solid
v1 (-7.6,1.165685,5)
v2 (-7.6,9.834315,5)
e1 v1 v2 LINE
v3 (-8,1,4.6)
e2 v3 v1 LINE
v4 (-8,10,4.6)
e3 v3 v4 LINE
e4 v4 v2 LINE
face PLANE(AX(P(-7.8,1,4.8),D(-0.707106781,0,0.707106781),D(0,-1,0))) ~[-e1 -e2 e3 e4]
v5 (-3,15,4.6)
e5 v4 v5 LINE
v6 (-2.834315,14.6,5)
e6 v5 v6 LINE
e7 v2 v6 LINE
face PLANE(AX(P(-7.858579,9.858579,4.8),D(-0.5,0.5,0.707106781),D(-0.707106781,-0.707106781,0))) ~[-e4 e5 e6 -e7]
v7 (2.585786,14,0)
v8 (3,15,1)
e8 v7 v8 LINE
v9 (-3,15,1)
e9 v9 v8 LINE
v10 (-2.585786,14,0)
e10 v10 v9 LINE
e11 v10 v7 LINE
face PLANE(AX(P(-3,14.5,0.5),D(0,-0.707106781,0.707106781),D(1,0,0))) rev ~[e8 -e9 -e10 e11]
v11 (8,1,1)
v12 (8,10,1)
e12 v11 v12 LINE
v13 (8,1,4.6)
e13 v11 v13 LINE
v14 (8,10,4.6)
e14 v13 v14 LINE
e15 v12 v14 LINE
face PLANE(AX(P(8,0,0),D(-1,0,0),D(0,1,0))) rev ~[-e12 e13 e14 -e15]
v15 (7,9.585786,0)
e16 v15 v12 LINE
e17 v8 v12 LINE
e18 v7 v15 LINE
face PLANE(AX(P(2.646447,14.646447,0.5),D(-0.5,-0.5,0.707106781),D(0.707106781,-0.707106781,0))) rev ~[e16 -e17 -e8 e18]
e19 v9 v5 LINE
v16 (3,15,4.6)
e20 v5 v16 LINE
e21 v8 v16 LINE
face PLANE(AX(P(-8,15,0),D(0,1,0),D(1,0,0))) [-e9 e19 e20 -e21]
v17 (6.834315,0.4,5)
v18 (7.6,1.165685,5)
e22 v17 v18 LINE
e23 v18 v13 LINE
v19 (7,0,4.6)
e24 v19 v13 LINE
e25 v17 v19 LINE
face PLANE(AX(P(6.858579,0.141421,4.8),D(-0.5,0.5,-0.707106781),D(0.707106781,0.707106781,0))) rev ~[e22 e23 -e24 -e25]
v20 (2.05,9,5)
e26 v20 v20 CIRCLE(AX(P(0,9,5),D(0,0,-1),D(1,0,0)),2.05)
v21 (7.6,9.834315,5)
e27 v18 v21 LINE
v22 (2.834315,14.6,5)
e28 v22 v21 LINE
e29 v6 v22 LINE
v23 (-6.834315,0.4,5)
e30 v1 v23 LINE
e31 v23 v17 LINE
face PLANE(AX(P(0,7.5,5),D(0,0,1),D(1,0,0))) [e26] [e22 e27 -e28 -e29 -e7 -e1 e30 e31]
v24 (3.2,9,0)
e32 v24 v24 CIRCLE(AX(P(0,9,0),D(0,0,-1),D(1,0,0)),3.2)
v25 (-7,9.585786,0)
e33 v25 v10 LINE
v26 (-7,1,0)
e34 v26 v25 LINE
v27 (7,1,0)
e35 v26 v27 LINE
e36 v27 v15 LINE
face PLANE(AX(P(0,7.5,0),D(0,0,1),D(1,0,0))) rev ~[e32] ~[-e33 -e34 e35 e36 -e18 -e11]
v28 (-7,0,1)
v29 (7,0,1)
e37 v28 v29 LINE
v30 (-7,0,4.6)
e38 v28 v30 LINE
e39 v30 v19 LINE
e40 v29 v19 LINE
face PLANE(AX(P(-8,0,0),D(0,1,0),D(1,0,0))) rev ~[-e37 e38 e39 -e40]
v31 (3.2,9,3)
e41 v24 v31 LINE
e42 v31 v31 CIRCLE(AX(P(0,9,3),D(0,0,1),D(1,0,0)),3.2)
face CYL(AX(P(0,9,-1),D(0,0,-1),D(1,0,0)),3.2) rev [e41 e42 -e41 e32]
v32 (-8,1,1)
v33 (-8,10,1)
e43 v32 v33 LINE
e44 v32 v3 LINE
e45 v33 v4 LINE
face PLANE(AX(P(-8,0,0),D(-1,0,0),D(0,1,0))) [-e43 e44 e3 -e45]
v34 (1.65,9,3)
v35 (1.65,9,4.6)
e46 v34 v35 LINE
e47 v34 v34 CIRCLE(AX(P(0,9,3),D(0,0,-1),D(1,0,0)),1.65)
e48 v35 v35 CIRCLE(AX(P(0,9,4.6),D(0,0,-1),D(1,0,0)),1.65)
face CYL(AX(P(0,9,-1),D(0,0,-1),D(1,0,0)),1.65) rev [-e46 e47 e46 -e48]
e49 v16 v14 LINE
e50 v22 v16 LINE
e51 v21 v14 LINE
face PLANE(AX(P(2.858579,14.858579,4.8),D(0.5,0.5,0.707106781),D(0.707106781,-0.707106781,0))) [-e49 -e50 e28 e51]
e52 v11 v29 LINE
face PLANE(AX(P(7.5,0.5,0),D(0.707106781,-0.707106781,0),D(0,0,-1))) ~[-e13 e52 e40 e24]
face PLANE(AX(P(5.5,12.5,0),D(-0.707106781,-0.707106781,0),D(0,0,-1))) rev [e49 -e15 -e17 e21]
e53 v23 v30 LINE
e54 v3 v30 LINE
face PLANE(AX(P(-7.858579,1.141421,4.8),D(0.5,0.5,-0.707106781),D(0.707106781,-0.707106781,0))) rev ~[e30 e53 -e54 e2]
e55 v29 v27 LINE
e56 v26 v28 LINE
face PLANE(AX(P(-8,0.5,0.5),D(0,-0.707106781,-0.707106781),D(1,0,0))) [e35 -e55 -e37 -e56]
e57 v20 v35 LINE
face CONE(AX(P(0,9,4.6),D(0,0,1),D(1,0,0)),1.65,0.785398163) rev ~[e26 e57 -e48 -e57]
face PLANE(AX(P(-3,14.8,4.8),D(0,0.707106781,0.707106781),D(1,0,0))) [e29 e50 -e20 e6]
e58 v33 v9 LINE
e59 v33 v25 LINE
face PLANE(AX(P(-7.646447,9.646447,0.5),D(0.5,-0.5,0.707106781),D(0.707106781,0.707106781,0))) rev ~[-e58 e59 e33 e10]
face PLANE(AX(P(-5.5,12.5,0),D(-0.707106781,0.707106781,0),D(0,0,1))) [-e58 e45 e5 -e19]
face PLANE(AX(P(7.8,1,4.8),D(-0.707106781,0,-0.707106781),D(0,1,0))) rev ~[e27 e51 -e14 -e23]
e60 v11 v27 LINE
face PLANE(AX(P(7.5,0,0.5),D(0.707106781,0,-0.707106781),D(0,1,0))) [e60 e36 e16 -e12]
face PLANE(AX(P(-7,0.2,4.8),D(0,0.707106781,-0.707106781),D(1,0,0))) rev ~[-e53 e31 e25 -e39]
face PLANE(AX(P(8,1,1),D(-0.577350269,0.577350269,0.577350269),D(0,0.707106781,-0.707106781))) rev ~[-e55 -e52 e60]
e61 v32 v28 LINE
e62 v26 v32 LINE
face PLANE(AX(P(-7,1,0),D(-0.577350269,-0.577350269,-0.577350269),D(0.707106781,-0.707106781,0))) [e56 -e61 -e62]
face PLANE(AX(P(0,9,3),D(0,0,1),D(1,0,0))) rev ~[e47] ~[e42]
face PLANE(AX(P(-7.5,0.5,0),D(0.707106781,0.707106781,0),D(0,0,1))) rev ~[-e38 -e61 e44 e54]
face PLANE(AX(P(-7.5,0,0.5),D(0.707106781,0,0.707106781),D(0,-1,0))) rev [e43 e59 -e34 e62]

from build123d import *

# Parameters (mm, degrees)
CYLINDER001_R     = 1.65
CYLINDER001_DEPTH = 10
CYLINDER_R        = 3.2
CYLINDER_DEPTH    = 4
BOX001_W          = 16
BOX001_H          = 15
BOX001_DEPTH      = 5
CHAMFER_SIZE      = 5
CHAMFER001_SIZE   = 1
CHAMFER002_SIZE   = 0.4


with BuildPart() as cylinder001:
    # Cylinder001 → Cylinder001 (new body)
    with BuildSketch(Plane(origin=(0, 9, 0), x_dir=(1, 0, 0), z_dir=(0, 0, 1))):
        Circle(CYLINDER001_R)
    extrude(amount=CYLINDER001_DEPTH)


with BuildPart() as fusion:
    # Cylinder → Cylinder (new body)
    with BuildSketch(Plane(origin=(0, 9, 0), x_dir=(1, 0, 0), z_dir=(0, 0, 1))):
        Circle(CYLINDER_R)
    extrude(amount=CYLINDER_DEPTH)

    # Fusion: union Cylinder001
    add(cylinder001.part)


with BuildPart() as fusion_1:
    # Fusion placement: moved
    add(fusion.part.moved(Location((0, 0, -1))))


with BuildPart() as chamfer002:
    # Box001 → Box001 (new body)
    with BuildSketch(Plane(origin=(-8, 0, 0), x_dir=(1, 0, 0), z_dir=(0, 0, 1))):
        with Locations((8, 7.5)):
            Rectangle(BOX001_W, BOX001_H)
    extrude(amount=BOX001_DEPTH)

    # Cut: cut Fusion
    add(fusion_1.part, mode=Mode.SUBTRACT)

    # Chamfer
    chamfer_edges = [chamfer002.edges().sort_by_distance(p)[0] for p in [
        (-8, 15, 2.5),
        (8, 15, 2.5),
    ]]
    chamfer(chamfer_edges, length=CHAMFER_SIZE)

    # Chamfer001
    chamfer001_edges = [chamfer002.edges().sort_by_distance(p)[0] for p in [
        (-8, 0, 2.5),
        (-8, 5, 0),
        (-5.5, 12.5, 0),
        (0, 0, 0),
        (8, 0, 2.5),
        (0, 15, 0),
        (8, 5, 0),
        (5.5, 12.5, 0),
    ]]
    chamfer(chamfer001_edges, length=CHAMFER001_SIZE)

    # Chamfer002
    chamfer002_edges = [chamfer002.edges().sort_by_distance(p)[0] for p in [
        (-8, 5.5, 5),
        (-7.5, 0.5, 5),
        (-5.5, 12.5, 5),
        (0, 0, 5),
        (0, 15, 5),
        (7.5, 0.5, 5),
        (5.5, 12.5, 5),
        (8, 5.5, 5),
        (-1.65, 9, 5),
    ]]
    chamfer(chamfer002_edges, length=CHAMFER002_SIZE)


solid = chamfer002.part
